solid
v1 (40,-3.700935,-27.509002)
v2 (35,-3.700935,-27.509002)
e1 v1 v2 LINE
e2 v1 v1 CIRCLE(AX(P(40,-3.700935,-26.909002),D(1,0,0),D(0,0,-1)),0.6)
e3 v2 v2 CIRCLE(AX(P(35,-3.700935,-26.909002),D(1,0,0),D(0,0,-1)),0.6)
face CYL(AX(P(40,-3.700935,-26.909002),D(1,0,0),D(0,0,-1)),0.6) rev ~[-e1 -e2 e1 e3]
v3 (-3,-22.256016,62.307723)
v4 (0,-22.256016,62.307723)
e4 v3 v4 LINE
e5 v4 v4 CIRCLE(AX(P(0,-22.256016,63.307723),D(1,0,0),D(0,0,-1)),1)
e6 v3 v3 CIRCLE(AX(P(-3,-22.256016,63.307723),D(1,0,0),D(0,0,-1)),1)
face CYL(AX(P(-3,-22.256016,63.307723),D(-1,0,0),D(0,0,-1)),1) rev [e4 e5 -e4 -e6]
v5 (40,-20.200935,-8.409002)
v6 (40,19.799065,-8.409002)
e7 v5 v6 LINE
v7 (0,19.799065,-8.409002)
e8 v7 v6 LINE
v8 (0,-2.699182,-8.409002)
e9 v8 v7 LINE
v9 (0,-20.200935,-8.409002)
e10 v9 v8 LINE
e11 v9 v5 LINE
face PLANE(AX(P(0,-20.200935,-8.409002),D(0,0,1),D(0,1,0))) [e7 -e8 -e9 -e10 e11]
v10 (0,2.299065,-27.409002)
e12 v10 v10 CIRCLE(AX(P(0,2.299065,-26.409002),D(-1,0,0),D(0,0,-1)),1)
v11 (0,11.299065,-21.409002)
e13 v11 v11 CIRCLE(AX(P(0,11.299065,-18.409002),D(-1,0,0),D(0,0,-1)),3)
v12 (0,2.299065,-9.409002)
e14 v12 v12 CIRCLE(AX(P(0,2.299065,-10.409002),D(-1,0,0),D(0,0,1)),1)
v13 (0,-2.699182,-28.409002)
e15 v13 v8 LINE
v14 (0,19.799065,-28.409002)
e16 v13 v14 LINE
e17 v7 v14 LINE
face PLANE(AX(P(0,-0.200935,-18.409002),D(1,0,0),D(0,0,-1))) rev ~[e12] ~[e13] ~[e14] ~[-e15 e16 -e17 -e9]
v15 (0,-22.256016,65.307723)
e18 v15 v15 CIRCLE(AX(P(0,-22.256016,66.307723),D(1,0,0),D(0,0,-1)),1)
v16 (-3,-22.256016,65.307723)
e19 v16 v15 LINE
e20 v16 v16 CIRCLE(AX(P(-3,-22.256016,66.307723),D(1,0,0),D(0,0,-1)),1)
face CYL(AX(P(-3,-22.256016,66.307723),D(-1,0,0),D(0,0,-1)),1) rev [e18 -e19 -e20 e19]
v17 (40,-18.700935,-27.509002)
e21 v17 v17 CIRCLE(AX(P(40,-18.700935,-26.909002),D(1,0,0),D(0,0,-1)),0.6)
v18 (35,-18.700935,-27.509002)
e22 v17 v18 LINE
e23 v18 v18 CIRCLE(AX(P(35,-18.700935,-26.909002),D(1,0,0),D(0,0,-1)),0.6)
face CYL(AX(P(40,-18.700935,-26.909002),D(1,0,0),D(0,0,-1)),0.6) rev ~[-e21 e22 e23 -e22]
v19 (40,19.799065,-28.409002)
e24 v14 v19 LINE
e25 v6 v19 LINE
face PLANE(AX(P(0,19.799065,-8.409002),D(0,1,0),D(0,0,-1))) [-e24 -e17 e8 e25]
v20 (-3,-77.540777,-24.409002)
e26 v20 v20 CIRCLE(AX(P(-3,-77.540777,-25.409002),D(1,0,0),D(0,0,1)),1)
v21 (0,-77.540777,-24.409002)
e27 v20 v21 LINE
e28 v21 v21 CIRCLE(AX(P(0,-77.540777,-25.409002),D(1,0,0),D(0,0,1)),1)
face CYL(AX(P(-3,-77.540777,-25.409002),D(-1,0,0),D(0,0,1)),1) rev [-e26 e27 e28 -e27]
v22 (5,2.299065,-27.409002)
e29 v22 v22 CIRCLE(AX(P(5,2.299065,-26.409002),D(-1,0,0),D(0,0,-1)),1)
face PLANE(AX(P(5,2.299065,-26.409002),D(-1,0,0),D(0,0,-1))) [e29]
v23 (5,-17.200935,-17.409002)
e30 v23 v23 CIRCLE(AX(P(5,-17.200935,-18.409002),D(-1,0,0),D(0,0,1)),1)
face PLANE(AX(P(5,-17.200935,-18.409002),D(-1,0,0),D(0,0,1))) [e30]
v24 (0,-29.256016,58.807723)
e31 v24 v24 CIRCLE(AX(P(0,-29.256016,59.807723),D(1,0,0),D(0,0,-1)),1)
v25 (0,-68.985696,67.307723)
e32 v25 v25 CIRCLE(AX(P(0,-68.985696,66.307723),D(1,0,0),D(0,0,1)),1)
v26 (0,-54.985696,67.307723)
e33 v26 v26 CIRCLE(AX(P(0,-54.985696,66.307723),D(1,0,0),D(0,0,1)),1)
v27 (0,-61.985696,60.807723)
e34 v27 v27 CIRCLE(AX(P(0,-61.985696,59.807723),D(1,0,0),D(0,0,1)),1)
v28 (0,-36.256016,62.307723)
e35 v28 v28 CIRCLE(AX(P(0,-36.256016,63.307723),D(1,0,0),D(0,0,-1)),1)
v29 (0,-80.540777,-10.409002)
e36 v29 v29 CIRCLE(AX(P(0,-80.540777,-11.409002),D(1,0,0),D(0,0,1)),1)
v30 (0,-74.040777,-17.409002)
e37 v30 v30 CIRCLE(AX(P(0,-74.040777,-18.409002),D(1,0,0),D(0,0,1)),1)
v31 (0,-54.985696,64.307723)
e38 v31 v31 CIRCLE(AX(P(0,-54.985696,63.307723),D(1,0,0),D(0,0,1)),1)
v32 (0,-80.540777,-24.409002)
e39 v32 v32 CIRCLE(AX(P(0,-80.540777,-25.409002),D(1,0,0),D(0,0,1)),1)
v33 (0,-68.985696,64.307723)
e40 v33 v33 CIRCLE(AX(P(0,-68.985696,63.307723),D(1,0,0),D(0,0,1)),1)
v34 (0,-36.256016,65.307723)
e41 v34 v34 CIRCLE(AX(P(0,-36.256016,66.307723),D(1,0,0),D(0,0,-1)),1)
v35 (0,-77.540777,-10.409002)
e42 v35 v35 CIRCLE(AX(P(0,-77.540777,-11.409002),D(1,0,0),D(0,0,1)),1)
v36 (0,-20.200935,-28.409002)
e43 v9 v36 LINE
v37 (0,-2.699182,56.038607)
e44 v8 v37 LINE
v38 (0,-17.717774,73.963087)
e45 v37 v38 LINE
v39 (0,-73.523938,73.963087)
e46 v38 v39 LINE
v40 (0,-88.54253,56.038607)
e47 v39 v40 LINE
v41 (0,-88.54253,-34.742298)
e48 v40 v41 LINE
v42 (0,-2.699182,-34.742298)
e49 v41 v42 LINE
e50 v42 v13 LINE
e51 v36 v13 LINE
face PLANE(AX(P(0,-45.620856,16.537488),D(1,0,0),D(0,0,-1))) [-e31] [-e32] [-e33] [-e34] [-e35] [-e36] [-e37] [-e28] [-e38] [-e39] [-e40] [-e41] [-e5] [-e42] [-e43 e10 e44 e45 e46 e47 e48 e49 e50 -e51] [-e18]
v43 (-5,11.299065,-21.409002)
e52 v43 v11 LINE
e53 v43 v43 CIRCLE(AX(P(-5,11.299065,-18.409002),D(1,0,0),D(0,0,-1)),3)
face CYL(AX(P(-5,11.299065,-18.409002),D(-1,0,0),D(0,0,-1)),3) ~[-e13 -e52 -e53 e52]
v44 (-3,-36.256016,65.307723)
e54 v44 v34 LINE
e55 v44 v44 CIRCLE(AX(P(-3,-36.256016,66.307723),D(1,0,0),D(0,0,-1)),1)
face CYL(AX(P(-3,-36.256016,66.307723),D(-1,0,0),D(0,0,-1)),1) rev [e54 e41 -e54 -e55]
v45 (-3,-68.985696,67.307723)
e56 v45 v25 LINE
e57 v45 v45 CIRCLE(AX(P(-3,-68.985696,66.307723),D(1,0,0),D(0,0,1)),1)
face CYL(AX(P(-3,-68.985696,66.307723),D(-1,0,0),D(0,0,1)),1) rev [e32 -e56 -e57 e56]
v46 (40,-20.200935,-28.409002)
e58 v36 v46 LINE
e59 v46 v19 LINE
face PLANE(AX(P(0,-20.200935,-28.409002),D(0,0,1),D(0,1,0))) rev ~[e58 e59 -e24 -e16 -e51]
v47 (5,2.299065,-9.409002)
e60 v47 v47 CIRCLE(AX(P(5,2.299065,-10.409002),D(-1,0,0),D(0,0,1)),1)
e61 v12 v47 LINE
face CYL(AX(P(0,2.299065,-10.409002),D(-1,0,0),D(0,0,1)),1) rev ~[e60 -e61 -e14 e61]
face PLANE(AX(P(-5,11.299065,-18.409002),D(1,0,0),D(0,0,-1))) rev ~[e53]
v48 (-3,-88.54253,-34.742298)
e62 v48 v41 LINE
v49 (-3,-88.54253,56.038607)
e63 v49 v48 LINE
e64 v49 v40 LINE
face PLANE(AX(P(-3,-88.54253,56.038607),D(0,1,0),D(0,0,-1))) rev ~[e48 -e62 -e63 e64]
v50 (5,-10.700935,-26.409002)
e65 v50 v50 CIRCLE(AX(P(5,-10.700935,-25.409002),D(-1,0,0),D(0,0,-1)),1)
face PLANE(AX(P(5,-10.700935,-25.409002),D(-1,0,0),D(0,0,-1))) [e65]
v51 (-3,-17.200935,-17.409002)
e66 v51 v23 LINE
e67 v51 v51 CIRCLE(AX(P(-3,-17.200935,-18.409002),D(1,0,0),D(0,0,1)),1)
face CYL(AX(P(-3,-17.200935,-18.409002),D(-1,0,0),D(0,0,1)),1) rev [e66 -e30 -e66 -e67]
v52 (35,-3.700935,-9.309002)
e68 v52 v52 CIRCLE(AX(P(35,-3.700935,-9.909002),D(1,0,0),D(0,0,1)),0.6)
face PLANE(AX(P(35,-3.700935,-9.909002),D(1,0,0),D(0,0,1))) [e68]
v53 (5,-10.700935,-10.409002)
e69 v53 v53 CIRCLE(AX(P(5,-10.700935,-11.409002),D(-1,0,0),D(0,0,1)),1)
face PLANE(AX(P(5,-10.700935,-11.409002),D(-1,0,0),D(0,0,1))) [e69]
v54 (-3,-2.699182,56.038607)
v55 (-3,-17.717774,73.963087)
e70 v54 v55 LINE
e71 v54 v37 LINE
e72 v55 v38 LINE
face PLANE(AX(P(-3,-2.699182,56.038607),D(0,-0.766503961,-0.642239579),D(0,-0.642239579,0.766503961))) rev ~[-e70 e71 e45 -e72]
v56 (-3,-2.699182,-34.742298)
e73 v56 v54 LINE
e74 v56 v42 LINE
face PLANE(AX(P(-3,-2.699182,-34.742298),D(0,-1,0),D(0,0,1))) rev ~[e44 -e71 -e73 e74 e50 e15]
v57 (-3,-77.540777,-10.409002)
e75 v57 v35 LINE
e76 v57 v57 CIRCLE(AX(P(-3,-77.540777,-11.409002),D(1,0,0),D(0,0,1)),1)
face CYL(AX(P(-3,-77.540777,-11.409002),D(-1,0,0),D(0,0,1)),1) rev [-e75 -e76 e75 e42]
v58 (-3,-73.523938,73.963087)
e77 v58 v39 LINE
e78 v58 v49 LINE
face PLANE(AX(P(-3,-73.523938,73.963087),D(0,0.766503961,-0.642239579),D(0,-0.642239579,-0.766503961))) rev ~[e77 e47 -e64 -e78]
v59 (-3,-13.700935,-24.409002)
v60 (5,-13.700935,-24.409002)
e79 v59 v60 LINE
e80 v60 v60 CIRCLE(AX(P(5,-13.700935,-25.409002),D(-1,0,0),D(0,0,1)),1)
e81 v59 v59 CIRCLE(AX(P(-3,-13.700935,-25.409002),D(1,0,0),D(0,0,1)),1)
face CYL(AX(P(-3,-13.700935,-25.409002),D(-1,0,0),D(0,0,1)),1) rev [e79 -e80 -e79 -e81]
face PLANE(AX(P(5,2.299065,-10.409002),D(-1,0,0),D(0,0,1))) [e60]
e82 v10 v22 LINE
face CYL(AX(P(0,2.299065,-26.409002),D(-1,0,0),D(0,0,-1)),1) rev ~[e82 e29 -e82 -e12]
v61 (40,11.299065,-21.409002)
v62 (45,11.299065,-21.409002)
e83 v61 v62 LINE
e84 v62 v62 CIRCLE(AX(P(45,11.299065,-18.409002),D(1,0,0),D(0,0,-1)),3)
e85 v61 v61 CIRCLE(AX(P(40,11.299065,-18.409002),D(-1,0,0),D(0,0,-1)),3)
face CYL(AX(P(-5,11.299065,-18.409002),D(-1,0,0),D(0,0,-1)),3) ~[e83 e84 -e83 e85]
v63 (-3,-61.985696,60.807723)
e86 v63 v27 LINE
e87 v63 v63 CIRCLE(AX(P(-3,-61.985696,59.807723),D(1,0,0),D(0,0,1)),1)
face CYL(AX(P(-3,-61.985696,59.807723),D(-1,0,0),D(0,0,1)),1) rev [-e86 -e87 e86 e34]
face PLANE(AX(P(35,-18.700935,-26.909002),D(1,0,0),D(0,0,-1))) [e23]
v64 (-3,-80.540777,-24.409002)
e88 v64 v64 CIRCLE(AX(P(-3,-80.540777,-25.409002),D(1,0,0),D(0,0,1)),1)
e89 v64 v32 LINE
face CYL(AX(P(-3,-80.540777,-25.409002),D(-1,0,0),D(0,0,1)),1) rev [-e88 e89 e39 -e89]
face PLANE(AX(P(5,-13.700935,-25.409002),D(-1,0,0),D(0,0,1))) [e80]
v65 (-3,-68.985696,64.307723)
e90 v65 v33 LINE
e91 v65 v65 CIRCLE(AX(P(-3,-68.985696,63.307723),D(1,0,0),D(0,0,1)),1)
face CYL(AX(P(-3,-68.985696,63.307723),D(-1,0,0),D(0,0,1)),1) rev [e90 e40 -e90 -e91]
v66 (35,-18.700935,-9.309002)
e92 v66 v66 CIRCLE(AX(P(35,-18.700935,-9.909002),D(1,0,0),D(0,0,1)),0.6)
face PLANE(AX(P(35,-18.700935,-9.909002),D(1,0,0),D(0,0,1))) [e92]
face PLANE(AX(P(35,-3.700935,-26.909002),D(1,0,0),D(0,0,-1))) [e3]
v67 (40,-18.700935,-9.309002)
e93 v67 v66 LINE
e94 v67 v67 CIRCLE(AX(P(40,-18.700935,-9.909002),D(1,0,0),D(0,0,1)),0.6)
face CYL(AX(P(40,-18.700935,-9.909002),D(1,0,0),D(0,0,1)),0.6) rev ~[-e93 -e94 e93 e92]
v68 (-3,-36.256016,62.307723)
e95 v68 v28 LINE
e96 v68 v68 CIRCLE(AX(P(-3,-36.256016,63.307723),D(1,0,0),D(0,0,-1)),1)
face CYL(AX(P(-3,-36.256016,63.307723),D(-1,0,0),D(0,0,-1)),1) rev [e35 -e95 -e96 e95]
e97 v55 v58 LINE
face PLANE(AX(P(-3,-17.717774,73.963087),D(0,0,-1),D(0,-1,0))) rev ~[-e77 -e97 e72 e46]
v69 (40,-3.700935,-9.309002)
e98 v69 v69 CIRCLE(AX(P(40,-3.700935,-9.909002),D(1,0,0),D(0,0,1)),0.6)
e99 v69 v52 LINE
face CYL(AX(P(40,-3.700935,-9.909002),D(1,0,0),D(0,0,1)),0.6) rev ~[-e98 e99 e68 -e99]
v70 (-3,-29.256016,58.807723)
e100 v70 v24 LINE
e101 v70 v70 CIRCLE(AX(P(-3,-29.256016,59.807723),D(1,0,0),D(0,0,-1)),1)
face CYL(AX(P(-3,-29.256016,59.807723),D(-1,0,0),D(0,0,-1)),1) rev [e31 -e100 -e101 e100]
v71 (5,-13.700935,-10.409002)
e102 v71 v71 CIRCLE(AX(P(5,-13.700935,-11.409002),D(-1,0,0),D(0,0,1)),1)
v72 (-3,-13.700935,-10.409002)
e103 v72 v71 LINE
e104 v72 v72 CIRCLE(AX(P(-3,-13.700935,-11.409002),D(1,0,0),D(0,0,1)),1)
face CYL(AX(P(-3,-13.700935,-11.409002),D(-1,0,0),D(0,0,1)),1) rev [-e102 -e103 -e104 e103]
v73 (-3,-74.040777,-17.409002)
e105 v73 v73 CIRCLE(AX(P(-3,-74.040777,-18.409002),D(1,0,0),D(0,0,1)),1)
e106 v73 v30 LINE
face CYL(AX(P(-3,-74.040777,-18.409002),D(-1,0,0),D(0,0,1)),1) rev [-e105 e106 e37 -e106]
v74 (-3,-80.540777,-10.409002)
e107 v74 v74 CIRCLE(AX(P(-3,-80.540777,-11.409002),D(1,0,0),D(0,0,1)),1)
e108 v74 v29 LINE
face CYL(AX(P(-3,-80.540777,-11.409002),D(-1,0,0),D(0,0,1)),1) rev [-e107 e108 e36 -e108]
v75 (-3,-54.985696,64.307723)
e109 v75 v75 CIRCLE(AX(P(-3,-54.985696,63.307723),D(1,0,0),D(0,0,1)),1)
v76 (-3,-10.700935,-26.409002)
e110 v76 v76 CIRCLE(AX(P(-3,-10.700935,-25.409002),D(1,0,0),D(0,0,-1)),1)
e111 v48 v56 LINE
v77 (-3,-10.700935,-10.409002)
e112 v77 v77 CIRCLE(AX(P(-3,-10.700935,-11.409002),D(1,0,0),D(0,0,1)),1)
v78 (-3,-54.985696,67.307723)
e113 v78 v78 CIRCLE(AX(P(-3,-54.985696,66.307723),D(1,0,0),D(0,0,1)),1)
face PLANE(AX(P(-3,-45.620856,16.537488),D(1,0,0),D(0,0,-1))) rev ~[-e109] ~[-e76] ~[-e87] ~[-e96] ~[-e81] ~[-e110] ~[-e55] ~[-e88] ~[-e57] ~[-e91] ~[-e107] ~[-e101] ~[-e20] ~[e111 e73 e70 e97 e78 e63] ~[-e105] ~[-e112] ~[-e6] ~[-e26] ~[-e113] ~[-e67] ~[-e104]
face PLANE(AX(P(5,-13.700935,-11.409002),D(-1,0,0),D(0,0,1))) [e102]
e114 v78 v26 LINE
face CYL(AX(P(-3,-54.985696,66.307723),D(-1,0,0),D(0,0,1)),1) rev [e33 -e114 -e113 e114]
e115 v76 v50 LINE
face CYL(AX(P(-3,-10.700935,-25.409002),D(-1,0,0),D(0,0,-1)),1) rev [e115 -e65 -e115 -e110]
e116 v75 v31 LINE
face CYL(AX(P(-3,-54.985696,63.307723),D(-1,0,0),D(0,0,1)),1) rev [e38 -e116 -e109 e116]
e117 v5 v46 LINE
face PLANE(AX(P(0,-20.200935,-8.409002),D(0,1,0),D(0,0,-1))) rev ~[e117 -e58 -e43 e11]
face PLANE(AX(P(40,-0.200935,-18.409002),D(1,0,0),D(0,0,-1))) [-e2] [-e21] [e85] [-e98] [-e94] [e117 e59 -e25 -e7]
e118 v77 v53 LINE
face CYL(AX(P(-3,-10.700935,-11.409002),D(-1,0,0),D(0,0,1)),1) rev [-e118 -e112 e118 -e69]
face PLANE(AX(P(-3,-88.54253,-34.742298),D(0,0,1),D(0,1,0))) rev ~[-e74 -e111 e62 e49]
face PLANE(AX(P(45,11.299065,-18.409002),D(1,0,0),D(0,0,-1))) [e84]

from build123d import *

# Parameters (mm, degrees)
SKETCH_1_W           = 20
SKETCH_1_H           = 40
EXTRUDE_1_DEPTH      = 40
SKETCH_2_R           = 0.6
CUT_EXTRUDE_1_DEPTH  = 5
EXTRUDE_3_DEPTH      = 5
EXTRUDE_3_DEPTH_BACK = 45
SKETCH_3_R           = 3
SKETCH_4_R           = 1
CUT_EXTRUDE_2_DEPTH  = 5
EXTRUDE_START        = -3
SKETCH_5_R           = 1
EXTRUDE_4_DEPTH      = 3


with BuildPart() as part:
    # ｽｹｯﾁ1 → ﾎﾞｽ - 押し出し1 (new body)
    with BuildSketch(Plane(origin=(0, 0, 0), x_dir=(0, 0, -1), z_dir=(1, 0, 0))):
        with Locations((18.409001804, -0.200935369)):
            Rectangle(SKETCH_1_W, SKETCH_1_H)
    extrude(amount=EXTRUDE_1_DEPTH)

    # ｽｹｯﾁ2 → ｶｯﾄ - 押し出し1 (cut)
    with BuildSketch(Plane(origin=(40, 0, 0), x_dir=(0, 0, -1), z_dir=(1, 0, 0))):
        with Locations((26.909001804, -18.700935369)):
            Circle(SKETCH_2_R)
        with Locations((26.909001804, -3.700935369)):
            Circle(SKETCH_2_R)
        with Locations(Location((9.909001804, -3.700935369, 0), (0, 0, 180))):
            Circle(SKETCH_2_R)
        with Locations(Location((9.909001804, -18.700935369, 0), (0, 0, 180))):
            Circle(SKETCH_2_R)
    extrude(amount=-CUT_EXTRUDE_1_DEPTH, mode=Mode.SUBTRACT)

    # ｽｹｯﾁ3 → ﾎﾞｽ - 押し出し3 (add, two sides: drawn at the far end of the back side and taken through both)
    with BuildSketch(Plane(origin=(40, 0, 0), x_dir=(0, 0, -1), z_dir=(1, 0, 0)).offset(-EXTRUDE_3_DEPTH_BACK)):
        with Locations((18.409001804, 11.299064631)):
            Circle(SKETCH_3_R)
    extrude(amount=EXTRUDE_3_DEPTH + EXTRUDE_3_DEPTH_BACK)

    # ｽｹｯﾁ4 → ｶｯﾄ - 押し出し2 (cut)
    with BuildSketch(Plane.ZY):
        with Locations((-11.409001804, -13.700935369)):
            Circle(SKETCH_4_R)
        with Locations((-25.409001804, -13.700935369)):
            Circle(SKETCH_4_R)
        with Locations(Location((-26.409001804, 2.299064631, 0), (0, 0, 180))):
            Circle(SKETCH_4_R)
        with Locations((-10.409001804, 2.299064631)):
            Circle(SKETCH_4_R)
        with Locations((-11.409001804, -10.700935369)):
            Circle(SKETCH_4_R)
        with Locations(Location((-25.409001804, -10.700935369, 0), (0, 0, 180))):
            Circle(SKETCH_4_R)
        with Locations((-18.409001804, -17.200935369)):
            Circle(SKETCH_4_R)
    extrude(amount=-CUT_EXTRUDE_2_DEPTH, mode=Mode.SUBTRACT)

    # ｽｹｯﾁ5 → ﾎﾞｽ - 押し出し4 (add)
    with BuildSketch(Plane(origin=(0, 0, 0), x_dir=(0, 0, -1), z_dir=(1, 0, 0)).offset(EXTRUDE_START)):
        Polygon((34.742298306, -2.699182148), (-56.038607458, -2.699182148), (-73.963087357, -17.71777437), (-73.963087357, -73.523937735), (-56.038607458, -88.542529958), (34.742298306, -88.542529958), align=None)
        with Locations(Location((11.409001804, -10.700935369, 0), (0, 0, 180))):
            Circle(SKETCH_5_R, mode=Mode.SUBTRACT)
        with Locations(Location((11.409001804, -13.700935369, 0), (0, 0, 180))):
            Circle(SKETCH_5_R, mode=Mode.SUBTRACT)
        with Locations(Location((18.409001804, -17.200935369, 0), (0, 0, 180))):
            Circle(SKETCH_5_R, mode=Mode.SUBTRACT)
        with Locations((25.409001804, -10.700935369)):
            Circle(SKETCH_5_R, mode=Mode.SUBTRACT)
        with Locations(Location((25.409001804, -13.700935369, 0), (0, 0, 180))):
            Circle(SKETCH_5_R, mode=Mode.SUBTRACT)
        with Locations((-66.307722518, -36.25601617)):
            Circle(SKETCH_5_R, mode=Mode.SUBTRACT)
        with Locations((-63.307722518, -36.25601617)):
            Circle(SKETCH_5_R, mode=Mode.SUBTRACT)
        with Locations((-59.807722518, -29.25601617)):
            Circle(SKETCH_5_R, mode=Mode.SUBTRACT)
        with Locations((-66.307722518, -22.25601617)):
            Circle(SKETCH_5_R, mode=Mode.SUBTRACT)
        with Locations((-63.307722518, -22.25601617)):
            Circle(SKETCH_5_R, mode=Mode.SUBTRACT)
        with Locations(Location((25.409001804, -77.540776736, 0), (0, 0, 180))):
            Circle(SKETCH_5_R, mode=Mode.SUBTRACT)
        with Locations(Location((25.409001804, -80.540776736, 0), (0, 0, 180))):
            Circle(SKETCH_5_R, mode=Mode.SUBTRACT)
        with Locations(Location((18.409001804, -74.040776736, 0), (0, 0, 180))):
            Circle(SKETCH_5_R, mode=Mode.SUBTRACT)
        with Locations(Location((11.409001804, -77.540776736, 0), (0, 0, 180))):
            Circle(SKETCH_5_R, mode=Mode.SUBTRACT)
        with Locations(Location((11.409001804, -80.540776736, 0), (0, 0, 180))):
            Circle(SKETCH_5_R, mode=Mode.SUBTRACT)
        with Locations(Location((-63.307722518, -68.985695936, 0), (0, 0, 180))):
            Circle(SKETCH_5_R, mode=Mode.SUBTRACT)
        with Locations(Location((-66.307722518, -68.985695936, 0), (0, 0, 180))):
            Circle(SKETCH_5_R, mode=Mode.SUBTRACT)
        with Locations(Location((-59.807722518, -61.985695936, 0), (0, 0, 180))):
            Circle(SKETCH_5_R, mode=Mode.SUBTRACT)
        with Locations(Location((-63.307722518, -54.985695936, 0), (0, 0, 180))):
            Circle(SKETCH_5_R, mode=Mode.SUBTRACT)
        with Locations(Location((-66.307722518, -54.985695936, 0), (0, 0, 180))):
            Circle(SKETCH_5_R, mode=Mode.SUBTRACT)
    extrude(amount=EXTRUDE_4_DEPTH)


solid = part.part
